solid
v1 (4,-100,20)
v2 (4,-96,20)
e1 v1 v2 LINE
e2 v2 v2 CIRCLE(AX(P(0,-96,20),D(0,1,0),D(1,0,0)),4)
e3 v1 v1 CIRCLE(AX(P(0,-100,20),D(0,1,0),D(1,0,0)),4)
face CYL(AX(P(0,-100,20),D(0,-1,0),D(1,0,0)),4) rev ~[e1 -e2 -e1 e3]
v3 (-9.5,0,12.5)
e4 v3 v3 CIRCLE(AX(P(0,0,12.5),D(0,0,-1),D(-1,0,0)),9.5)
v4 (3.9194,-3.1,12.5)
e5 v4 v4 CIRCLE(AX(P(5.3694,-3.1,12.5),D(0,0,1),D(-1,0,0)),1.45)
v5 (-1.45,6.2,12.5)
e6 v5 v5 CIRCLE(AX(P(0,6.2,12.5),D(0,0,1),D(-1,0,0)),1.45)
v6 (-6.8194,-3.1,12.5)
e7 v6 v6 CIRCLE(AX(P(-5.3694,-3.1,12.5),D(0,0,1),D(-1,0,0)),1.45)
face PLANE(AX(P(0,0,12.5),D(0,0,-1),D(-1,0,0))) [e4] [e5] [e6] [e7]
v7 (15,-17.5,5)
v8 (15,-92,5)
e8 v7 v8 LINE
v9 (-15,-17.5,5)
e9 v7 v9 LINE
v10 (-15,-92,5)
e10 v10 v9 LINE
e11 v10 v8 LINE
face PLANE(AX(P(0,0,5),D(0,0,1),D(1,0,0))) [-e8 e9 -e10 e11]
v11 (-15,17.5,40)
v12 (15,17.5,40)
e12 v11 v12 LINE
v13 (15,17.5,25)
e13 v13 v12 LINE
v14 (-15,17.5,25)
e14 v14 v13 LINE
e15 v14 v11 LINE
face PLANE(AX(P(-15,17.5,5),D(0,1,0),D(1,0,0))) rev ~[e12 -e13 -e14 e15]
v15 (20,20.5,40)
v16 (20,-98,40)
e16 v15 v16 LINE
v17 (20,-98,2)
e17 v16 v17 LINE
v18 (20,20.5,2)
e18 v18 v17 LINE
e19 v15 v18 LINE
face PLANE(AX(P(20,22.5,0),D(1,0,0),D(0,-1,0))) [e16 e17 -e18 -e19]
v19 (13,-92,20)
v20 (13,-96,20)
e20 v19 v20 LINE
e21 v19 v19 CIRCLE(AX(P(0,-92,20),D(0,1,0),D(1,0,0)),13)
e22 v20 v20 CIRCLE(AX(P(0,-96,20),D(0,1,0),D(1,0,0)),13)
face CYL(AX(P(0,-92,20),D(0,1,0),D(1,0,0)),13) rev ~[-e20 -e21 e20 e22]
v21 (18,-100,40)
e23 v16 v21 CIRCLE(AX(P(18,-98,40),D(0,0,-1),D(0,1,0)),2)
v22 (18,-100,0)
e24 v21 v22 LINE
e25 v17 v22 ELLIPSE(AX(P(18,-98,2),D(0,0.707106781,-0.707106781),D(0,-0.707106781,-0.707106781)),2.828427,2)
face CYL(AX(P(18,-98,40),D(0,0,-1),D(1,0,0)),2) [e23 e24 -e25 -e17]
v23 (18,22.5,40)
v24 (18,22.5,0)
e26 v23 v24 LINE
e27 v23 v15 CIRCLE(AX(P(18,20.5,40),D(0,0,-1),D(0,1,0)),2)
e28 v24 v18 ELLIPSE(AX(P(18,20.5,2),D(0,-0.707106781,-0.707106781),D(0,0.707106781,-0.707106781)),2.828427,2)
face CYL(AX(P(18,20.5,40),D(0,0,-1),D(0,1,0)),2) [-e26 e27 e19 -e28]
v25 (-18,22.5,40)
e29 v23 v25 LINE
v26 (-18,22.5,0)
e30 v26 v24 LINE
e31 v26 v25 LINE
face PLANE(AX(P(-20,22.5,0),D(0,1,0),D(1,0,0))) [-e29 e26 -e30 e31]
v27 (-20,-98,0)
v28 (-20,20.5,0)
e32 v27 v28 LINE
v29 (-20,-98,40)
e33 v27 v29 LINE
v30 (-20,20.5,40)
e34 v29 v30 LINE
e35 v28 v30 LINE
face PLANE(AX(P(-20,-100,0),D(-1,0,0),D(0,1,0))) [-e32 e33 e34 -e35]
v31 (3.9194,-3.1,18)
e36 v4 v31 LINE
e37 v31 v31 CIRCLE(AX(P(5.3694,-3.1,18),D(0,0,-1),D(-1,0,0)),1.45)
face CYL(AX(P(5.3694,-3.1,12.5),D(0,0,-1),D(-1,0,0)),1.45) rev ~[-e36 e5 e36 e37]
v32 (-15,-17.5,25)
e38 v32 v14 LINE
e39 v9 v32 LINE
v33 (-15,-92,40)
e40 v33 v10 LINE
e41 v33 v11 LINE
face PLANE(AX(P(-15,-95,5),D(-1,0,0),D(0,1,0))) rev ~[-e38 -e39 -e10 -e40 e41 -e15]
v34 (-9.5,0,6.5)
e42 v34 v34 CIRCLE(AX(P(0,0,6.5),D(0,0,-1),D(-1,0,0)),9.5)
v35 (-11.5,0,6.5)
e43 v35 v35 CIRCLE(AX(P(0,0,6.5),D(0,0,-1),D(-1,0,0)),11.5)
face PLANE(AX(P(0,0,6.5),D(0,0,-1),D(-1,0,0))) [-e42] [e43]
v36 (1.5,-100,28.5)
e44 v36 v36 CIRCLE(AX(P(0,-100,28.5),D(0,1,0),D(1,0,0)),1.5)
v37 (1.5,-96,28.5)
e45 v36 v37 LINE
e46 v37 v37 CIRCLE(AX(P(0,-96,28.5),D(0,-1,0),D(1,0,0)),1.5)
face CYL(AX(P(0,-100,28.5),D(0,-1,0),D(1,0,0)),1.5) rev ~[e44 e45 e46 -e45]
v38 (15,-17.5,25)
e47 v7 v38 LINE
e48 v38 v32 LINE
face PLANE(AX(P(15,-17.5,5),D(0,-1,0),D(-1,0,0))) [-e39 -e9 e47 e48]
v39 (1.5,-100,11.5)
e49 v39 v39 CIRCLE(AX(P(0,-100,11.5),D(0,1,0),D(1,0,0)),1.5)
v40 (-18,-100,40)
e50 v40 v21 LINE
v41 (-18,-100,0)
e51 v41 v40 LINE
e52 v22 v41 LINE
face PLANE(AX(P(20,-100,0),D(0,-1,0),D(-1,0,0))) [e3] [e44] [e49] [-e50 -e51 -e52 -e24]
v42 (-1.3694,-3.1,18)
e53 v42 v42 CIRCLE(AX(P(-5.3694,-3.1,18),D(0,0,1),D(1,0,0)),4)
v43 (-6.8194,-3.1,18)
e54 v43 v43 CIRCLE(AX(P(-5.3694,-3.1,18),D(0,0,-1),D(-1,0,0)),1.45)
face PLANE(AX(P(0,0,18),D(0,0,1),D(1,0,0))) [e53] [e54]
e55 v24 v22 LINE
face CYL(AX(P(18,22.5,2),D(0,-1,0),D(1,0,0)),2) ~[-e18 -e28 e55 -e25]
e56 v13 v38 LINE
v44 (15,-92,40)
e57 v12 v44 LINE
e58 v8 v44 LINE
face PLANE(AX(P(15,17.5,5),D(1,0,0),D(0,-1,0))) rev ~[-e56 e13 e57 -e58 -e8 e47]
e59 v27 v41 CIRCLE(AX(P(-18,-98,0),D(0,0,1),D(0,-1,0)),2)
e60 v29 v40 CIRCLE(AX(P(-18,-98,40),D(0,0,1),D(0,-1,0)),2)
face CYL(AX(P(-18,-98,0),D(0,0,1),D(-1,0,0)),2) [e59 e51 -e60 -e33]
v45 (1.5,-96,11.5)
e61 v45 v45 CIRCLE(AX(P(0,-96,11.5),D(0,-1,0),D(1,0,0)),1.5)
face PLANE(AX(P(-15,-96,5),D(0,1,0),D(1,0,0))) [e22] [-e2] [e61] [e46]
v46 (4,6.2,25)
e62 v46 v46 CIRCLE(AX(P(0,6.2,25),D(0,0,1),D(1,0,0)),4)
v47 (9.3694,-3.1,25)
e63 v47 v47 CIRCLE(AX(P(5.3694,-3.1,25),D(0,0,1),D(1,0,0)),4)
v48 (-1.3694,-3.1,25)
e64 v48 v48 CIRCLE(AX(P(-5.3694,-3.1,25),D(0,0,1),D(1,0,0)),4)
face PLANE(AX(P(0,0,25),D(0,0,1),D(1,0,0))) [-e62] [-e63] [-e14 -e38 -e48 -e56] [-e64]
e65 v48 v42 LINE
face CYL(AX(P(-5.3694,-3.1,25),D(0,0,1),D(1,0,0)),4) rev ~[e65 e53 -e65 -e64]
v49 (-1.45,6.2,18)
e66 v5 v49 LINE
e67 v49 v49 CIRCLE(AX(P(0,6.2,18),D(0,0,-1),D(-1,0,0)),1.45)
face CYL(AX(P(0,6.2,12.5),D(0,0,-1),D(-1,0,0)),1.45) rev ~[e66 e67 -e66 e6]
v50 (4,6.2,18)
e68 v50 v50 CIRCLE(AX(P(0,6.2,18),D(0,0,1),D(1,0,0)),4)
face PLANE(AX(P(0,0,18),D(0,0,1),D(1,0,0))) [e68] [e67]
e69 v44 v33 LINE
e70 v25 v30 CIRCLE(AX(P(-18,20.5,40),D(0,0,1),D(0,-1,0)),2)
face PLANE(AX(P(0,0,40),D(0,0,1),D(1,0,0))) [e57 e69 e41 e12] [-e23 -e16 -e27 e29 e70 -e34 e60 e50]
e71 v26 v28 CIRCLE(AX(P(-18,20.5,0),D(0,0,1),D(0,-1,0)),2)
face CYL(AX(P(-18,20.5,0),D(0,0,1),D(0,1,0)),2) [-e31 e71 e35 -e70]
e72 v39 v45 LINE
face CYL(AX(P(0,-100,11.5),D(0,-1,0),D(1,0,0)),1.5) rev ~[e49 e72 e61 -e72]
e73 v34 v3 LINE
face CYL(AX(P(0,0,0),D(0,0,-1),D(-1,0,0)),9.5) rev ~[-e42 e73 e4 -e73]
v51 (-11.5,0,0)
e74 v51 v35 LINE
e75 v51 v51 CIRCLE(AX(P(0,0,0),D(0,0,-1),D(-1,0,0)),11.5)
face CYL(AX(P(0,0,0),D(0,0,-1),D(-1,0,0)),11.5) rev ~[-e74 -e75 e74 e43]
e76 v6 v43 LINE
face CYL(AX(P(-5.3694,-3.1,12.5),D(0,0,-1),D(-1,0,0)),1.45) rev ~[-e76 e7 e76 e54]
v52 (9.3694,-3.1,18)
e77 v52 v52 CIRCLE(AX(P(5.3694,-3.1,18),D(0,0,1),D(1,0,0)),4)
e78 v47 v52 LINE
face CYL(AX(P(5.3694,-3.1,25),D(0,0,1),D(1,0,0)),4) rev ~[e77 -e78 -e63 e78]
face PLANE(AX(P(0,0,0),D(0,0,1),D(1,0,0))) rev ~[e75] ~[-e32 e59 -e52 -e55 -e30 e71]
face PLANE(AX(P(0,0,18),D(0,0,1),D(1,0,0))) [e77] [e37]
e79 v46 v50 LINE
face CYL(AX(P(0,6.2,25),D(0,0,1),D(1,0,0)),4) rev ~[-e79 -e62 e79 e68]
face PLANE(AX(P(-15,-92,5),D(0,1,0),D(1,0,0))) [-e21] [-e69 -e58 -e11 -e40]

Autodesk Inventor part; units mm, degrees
ref_plane "YZ Plane" through (0, 0, 0) normal (1, 0, 0) x (0, 1, 0)
ref_plane "XZ Plane" through (0, 0, 0) normal (0, 1, 0) x (-1, 0, 0)
ref_plane "XY Plane" through (0, 0, 0) normal (0, 0, 1) x (1, 0, 0)
sketch "Sketch1" plane through (0, 0, 0) normal (0, 0, 1) x (1, 0, 0)
  line L0 (-20, 22.5) -> (20, 22.5)
  line L1 (20, 22.5) -> (20, -100)
  line L2 (20, -100) -> (-20, -100)
  line L3 (-20, -100) -> (-20, 22.5)
  circle A0 centre (0, 0) radius 4
  dimension "d0" = 122.5
  dimension "d1" = 40
  dimension "d2" = 20
  dimension "d3" = 22.5
  dimension "d4" = 8
extrude "Extrusion1" add sketch "Sketch1" along normal blind 5
sketch "Sketch2" plane through (0, 0, 5) normal (0, 0, 1) x (1, 0, 0)
  line L0 (20, 22.5) -> (-20, 22.5) projected
  line L1 (-20, -100) -> (20, -100) projected
  line L2 (-20, 22.5) -> (20, 22.5)
  line L3 (20, 22.5) -> (20, -100)
  line L4 (20, -100) -> (-20, -100)
  line L5 (-20, -100) -> (-20, 22.5)
  line L6 (-15, 17.5) -> (15, 17.5)
  line L7 (15, 17.5) -> (15, -95)
  line L8 (15, -95) -> (-15, -95)
  line L9 (-15, -95) -> (-15, 17.5)
  point P0 (0, 0)
  dimension "d7" = 5
  dimension "d8" = 5
  dimension "d9" = 5
  dimension "d10" = 5
extrude "Extrusion2" add sketch "Sketch2" along normal blind 35
sketch "Sketch3" plane through (-20, -100, 0) normal (0, -1, 0) x (1, 0, 0)
  circle A0 centre (20, 20) radius 4
  line L0 (40, 0) -> (40, 40) projected
  line L1 (0, 0) -> (40, 0) projected
  circle A1 centre (20, 20) radius 8.5
  line L2 (9.176, 20) -> (31.9076, 20)
  circle A2 centre (11.5, 20) radius 1.5
  circle A3 centre (28.5, 20) radius 1.5
  line L3 (0, 40) -> (40, 40) projected
  line L4 (20, 9.4564) -> (20, 30.2603)
  circle A4 centre (20, 28.5) radius 1.5
  circle A5 centre (20, 11.5) radius 1.5
  point P0 (20, 0)
  dimension "d13" = 20
  dimension "d14" = 20
  dimension "d15" = 8
  dimension "d16" = 17
  dimension "d17" = 3
  dimension "d18" = 3
  dimension "d19" = 20
  dimension "d20" = 20
  dimension "d21" = 3
  dimension "d22" = 3
extrude "Extrusion3" cut sketch "Sketch3" against normal blind 10 contours L2 L4 A0 | A0 L4 L2 | L4 L2 A0 | A0 L2 L4 | A4 A1 L4 | L4 A1 A4 | A5 A1 L4 | L4 A1 A5 | L4 A4 A1 | A1 A4 L4 | L4 A5 A1 | A1 A5 L4
sketch "Sketch4" plane through (-15, -95, 5) normal (0, 1, 0) x (1, 0, 0)
  line L0 (0, 0) -> (30, 0)
  line L1 (30, 0) -> (30, -35)
  line L2 (30, -35) -> (0, -35)
  line L3 (0, -35) -> (0, 0)
  circle A0 centre (15, -15) radius 4 projected
  circle A1 centre (15, -15) radius 13
  circle A2 centre (15, -23.5) radius 1.5 projected
  circle A3 centre (15, -23.5) radius 1.5
  circle A4 centre (15, -6.5) radius 1.5 projected
  circle A5 centre (15, -6.5) radius 1.5
  point P0 (15, 5)
  dimension "d25" = 26
extrude "Extrusion4" add sketch "Sketch4" along normal blind 3 contours L0 L1 L2 L3 | A1
sketch "Sketch5" plane through (-15, -92, 5) normal (0, 1, 0) x (1, 0, 0)
  circle A0 centre (15, -15) radius 4 projected
  circle A1 centre (15, -15) radius 13
  point P0 (15, 5)
  dimension "d28" = 26
extrude "Extrusion5" cut sketch "Sketch5" against normal blind 4
fillet "Fillet1" radius 2 5 edges at (-20, 22.5, 20) (20, 22.5, 20) (20, -100, 20) (-20, -100, 20) (20, -38.75, 0)
sketch "Sketch6" plane through (0, 0, 5) normal (0, 0, 1) x (1, 0, 0)
  line L0 (-15, -92) -> (-15, 17.5) projected
  line L1 (15, 17.5) -> (15, -92) projected
  line L2 (-15, 17.5) -> (15, 17.5)
  line L3 (15, 17.5) -> (15, -17.5)
  line L4 (15, -17.5) -> (-15, -17.5)
  line L5 (-15, -17.5) -> (-15, 17.5)
  circle A0 centre (0, 0) radius 4
  point P0 (-15, -17.5)
  dimension "d32" = 35
extrude "Extrusion6" add sketch "Sketch6" along normal blind 20
sketch "Sketch7" plane through (0, 0, 0) normal (0, 0, -1) x (-1, 0, 0)
  circle A0 centre (0, 0) radius 9.5
  dimension "d35" = 19
extrude "Extrusion7" cut sketch "Sketch7" against normal blind 12.5
sketch "Sketch8" plane through (0, 0, 0) normal (0, 0, -1) x (-1, 0, 0)
  circle A0 centre (0, 0) radius 4 projected
  circle A1 centre (0, 0) radius 11.5
  dimension "d38" = 23
extrude "Extrusion8" cut sketch "Sketch8" against normal blind 6.5
sketch "Sketch9" plane through (0, 0, 25) normal (0, 0, 1) x (1, 0, 0)
  circle A0 centre (0, 0) radius 4
extrude "Extrusion9" add sketch "Sketch9" against normal blind 12.5
sketch "Sketch10" plane through (0, 0, 12.5) normal (0, 0, -1) x (-1, 0, 0)
  circle A0 centre (0, 0) radius 6.2
  line L0 (0, 6.2) -> (0, 0)
  line L1 (0, 0) -> (6.261, -3.6148)
  line L2 (0, 0) -> (-6.878, -3.971)
  circle A1 centre (0, 6.2) radius 1.45
  circle A2 centre (5.3694, -3.1) radius 1.45
  circle A3 centre (-5.3694, -3.1) radius 1.45
  dimension "d43" = 12.4
  dimension "d44" = 120
  dimension "d45" = 120
  dimension "d46" = 2.9
  dimension "d47" = 2.9
  dimension "d48" = 2.9
extrude "Extrusion10" cut sketch "Sketch10" against normal blind 12.5 contours A1 L0 A0 | A0 A1 | A2 A0 | A0 L1 A2 | L0 A1 A0 | A0 A2 L1 | A3 L2 A0 | A0 L2 A3 | A3 A0 L2 | A3 L2 A0
sketch "Sketch11" plane through (0, 0, 25) normal (0, 0, 1) x (1, 0, 0)
  circle A0 centre (5.3694, -3.1) radius 1.45 projected
  circle A1 centre (5.3694, -3.1) radius 4
  circle A2 centre (-5.3694, -3.1) radius 1.45 projected
  circle A3 centre (-5.3694, -3.1) radius 4
  circle A4 centre (0, 6.2) radius 1.45 projected
  circle A5 centre (0, 6.2) radius 4
  point P0 (0, 0)
  dimension "d51" = 8
  dimension "d52" = 8
  dimension "d53" = 8
extrude "Extrusion11" cut sketch "Sketch11" against normal blind 7
properties part number "Link5_v2"
